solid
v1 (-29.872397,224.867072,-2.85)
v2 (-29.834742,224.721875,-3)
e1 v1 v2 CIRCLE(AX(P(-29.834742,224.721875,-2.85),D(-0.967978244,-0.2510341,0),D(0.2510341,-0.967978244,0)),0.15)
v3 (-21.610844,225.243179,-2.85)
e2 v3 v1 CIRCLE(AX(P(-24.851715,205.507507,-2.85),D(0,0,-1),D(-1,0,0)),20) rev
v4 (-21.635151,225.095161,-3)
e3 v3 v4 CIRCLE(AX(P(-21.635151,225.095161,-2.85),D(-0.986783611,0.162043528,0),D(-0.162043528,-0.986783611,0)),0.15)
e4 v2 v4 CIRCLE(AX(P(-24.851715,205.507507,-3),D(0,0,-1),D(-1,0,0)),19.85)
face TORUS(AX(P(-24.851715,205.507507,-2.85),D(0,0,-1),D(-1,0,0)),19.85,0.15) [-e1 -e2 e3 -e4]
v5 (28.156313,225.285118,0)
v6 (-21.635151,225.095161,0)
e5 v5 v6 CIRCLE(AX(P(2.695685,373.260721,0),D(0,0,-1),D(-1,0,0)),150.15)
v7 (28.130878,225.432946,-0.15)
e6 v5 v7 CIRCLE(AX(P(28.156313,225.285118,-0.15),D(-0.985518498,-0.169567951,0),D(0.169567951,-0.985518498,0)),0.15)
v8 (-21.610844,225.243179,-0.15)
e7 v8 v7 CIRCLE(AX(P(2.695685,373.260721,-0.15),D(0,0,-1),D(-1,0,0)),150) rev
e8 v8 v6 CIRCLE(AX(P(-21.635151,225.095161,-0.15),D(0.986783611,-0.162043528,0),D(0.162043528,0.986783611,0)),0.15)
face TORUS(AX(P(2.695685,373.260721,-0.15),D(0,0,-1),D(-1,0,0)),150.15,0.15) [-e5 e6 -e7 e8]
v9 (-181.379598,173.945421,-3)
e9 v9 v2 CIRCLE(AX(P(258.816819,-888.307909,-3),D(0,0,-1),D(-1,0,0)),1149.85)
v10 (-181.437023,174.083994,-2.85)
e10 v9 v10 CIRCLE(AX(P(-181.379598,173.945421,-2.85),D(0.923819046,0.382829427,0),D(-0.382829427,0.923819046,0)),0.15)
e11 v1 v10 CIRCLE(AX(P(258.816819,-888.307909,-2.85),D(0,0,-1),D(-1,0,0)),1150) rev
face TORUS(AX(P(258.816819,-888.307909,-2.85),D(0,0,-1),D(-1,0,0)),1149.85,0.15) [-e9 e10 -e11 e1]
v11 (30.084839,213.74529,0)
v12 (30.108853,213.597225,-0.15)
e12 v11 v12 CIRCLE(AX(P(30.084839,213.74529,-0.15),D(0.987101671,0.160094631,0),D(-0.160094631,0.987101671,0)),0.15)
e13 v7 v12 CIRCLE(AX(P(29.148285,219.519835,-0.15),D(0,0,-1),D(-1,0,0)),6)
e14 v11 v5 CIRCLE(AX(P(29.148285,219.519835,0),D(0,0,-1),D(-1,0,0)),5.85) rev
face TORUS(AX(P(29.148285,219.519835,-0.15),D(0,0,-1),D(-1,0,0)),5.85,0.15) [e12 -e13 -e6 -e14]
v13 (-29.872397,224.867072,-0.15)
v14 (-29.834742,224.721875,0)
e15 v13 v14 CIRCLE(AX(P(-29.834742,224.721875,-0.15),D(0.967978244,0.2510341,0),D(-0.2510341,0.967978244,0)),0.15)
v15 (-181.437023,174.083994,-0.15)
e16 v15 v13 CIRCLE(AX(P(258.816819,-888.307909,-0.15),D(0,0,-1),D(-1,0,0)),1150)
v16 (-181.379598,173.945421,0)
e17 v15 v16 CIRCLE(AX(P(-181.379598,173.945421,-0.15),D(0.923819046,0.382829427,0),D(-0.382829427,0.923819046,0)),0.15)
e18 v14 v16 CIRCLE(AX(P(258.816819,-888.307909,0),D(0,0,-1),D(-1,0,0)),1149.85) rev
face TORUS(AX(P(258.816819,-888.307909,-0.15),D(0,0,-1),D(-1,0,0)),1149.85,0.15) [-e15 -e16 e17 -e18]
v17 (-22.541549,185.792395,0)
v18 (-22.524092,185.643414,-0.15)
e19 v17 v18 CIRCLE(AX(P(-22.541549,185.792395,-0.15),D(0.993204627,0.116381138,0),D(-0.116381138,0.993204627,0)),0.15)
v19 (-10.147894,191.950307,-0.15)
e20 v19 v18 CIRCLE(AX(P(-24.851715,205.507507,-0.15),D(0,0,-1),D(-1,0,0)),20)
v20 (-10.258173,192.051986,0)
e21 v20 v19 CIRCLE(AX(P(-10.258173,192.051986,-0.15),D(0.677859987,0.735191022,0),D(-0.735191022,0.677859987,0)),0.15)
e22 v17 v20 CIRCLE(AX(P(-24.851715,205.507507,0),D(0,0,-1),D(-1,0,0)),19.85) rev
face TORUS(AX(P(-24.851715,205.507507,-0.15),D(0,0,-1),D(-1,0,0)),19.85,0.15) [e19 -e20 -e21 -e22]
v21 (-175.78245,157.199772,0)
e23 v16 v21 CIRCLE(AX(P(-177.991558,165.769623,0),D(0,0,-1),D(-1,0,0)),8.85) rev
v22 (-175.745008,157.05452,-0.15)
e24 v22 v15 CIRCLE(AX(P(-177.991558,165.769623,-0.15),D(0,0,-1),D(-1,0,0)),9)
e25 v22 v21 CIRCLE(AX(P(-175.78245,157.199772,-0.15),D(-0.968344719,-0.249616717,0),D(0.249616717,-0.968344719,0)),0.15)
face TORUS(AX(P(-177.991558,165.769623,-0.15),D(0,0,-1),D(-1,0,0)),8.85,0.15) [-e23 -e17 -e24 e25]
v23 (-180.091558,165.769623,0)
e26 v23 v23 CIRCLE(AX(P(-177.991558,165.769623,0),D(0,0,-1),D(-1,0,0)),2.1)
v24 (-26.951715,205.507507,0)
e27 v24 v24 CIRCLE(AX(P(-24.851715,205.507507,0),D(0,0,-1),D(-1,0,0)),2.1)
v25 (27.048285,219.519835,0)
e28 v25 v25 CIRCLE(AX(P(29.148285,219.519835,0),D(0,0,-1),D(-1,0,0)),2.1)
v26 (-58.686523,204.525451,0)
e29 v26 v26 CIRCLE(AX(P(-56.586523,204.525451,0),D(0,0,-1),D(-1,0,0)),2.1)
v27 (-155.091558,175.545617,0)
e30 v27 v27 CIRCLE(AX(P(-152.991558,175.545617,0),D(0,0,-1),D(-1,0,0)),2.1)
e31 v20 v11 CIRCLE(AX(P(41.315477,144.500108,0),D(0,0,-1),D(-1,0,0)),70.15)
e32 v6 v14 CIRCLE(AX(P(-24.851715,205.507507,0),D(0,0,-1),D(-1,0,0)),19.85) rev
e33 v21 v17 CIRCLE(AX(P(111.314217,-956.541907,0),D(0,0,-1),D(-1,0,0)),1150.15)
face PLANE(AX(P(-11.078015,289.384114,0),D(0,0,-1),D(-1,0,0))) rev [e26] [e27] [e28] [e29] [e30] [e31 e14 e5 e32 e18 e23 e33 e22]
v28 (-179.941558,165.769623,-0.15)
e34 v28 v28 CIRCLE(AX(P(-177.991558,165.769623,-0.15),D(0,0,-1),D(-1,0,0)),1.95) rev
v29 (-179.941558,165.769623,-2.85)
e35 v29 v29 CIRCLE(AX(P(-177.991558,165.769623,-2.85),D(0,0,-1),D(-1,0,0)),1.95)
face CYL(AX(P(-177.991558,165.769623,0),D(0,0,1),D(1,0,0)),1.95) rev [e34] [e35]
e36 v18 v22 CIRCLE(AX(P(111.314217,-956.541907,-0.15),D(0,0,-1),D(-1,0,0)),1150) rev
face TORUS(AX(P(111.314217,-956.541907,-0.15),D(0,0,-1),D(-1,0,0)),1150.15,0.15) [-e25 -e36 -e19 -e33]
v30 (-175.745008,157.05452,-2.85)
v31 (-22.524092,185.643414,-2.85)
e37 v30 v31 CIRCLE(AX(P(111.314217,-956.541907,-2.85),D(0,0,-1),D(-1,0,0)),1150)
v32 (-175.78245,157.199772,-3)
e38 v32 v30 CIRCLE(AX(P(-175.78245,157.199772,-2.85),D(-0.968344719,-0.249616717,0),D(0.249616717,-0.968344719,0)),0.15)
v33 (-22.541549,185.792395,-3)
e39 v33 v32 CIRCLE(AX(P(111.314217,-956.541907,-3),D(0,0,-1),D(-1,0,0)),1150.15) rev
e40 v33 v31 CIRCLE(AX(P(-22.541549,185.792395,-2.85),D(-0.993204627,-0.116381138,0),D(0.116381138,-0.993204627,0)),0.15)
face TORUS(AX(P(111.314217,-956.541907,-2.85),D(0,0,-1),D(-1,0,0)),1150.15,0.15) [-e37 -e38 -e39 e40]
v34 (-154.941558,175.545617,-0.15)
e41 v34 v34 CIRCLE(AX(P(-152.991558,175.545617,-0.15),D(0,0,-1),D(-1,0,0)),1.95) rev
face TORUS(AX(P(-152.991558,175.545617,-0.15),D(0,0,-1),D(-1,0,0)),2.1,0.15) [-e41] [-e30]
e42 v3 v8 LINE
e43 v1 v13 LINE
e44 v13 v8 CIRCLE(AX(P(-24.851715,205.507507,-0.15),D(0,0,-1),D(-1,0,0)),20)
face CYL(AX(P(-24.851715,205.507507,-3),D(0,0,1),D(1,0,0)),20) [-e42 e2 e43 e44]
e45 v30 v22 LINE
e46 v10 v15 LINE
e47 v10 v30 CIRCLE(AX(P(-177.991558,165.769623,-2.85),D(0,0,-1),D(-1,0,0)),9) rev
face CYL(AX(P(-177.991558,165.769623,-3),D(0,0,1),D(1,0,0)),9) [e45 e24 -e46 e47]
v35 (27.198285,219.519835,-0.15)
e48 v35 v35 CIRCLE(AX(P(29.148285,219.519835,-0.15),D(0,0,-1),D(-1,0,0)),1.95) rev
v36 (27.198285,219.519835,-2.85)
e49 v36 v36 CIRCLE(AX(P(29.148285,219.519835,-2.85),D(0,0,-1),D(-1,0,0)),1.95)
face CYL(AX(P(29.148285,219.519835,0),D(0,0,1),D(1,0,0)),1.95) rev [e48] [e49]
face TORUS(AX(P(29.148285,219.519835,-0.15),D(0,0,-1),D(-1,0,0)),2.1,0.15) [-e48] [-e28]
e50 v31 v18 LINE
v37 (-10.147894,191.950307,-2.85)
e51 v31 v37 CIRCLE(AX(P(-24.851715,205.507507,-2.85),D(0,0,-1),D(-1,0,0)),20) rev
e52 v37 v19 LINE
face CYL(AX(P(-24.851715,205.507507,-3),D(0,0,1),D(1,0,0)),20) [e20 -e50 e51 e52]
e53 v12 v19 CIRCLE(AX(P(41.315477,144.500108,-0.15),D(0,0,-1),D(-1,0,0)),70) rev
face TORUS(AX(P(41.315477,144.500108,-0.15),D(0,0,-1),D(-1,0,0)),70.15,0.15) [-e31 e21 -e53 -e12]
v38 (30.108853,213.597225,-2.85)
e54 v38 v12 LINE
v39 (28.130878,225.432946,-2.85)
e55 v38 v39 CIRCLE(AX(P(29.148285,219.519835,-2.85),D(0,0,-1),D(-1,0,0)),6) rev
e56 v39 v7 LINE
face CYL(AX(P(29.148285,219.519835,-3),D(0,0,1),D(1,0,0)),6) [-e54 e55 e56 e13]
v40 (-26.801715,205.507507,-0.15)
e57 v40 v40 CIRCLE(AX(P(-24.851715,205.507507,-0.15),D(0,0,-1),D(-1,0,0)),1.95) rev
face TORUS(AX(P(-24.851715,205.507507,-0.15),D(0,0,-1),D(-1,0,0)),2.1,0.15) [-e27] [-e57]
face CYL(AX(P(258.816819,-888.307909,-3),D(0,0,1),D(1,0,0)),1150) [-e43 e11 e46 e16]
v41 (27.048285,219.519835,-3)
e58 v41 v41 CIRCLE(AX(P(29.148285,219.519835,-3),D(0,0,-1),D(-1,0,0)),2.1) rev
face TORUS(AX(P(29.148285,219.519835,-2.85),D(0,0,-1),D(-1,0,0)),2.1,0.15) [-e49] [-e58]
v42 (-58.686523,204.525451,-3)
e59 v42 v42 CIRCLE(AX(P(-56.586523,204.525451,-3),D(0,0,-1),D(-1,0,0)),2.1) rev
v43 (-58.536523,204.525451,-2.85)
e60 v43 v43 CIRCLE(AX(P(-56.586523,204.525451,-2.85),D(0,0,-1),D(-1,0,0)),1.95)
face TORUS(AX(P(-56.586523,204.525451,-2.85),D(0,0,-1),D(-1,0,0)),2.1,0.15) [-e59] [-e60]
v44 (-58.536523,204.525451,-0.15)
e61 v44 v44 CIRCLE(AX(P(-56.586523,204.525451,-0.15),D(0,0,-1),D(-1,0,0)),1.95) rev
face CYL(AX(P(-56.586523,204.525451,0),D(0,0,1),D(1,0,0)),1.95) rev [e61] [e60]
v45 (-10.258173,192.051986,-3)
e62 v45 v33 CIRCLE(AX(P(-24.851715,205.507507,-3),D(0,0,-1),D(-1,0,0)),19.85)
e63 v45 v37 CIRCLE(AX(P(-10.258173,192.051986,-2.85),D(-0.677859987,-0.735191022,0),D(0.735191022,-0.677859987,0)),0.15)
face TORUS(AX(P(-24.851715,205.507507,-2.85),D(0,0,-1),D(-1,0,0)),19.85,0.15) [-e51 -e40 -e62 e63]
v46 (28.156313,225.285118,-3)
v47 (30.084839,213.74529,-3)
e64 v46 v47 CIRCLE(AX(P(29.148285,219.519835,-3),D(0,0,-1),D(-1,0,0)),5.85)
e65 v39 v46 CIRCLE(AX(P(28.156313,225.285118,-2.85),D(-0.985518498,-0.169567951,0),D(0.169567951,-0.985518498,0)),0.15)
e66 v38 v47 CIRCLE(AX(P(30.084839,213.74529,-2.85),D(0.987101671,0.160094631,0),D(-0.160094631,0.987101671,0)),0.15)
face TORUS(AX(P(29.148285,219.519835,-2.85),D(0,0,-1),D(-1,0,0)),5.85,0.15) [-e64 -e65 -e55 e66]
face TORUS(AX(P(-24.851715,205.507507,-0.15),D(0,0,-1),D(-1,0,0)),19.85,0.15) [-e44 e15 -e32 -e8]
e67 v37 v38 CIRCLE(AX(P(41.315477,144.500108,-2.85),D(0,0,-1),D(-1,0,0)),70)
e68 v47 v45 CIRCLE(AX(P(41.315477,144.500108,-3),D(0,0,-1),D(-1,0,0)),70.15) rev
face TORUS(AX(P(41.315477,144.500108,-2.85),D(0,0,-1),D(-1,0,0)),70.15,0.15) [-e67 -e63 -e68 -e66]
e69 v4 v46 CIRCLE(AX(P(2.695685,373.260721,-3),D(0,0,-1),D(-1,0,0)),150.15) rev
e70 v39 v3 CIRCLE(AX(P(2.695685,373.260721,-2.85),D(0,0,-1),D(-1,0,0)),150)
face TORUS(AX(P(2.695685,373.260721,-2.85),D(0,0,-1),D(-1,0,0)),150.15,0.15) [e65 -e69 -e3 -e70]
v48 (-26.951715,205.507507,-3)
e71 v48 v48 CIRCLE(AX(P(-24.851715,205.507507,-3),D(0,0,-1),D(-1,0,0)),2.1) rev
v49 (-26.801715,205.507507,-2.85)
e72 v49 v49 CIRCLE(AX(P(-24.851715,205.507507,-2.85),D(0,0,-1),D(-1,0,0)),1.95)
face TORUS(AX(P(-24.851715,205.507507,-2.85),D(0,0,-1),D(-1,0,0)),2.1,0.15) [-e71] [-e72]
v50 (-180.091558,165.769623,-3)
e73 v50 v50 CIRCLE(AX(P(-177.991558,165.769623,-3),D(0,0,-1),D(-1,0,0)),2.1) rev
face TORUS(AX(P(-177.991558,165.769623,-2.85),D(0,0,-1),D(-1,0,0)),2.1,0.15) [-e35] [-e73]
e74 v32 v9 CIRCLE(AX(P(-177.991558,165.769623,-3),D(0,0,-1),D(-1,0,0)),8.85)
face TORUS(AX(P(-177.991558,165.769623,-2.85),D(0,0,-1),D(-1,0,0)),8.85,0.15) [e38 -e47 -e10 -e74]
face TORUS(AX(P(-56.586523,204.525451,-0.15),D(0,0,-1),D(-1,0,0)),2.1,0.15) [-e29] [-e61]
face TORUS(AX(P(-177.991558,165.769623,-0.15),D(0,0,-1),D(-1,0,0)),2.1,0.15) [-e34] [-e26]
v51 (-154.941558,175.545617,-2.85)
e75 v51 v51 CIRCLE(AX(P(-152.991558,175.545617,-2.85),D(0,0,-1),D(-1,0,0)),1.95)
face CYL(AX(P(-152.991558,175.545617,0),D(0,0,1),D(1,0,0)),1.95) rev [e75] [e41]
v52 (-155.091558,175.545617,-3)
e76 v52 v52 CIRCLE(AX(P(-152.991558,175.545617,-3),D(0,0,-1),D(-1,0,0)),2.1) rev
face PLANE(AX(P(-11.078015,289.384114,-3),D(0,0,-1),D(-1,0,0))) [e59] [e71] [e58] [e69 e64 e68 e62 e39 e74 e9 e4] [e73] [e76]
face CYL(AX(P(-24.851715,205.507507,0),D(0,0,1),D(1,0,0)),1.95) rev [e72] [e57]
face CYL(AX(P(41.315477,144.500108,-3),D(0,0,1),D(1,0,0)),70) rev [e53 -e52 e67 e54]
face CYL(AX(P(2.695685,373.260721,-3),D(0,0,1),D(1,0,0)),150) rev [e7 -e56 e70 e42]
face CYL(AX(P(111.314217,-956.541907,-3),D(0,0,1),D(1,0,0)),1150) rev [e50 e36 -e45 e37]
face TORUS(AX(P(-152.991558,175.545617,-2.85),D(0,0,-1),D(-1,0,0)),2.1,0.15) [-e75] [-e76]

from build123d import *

# Parameters (mm, degrees)
BOSS_EXTRUDE1_DEPTH    = 3
M3_5_CLEARANCE_HOLE1_D = 3.9
FILLET1_R              = 0.15


with BuildPart() as part:
    # Sketch2 → Boss-Extrude1 (new body)
    with BuildSketch(Plane.XY):
        with BuildLine():
            ThreePointArc((-29.872396704, 224.867071511), (-106.538111888, 202.112090376), (-181.437022828, 174.083993915))
            ThreePointArc((-181.437022828, 174.083993915), (-186.527370428, 162.916570473), (-175.74500753, 157.054520032))
            ThreePointArc((-175.74500753, 157.054520032), (-99.619456546, 173.94780372), (-22.524091937, 185.643414098))
            ThreePointArc((-22.524091937, 185.643414098), (-15.770870107, 187.687903342), (-10.147894267, 191.950306897))
            ThreePointArc((-10.147894267, 191.950306897), (8.163865625, 206.152120332), (30.108853086, 213.597224798))
            ThreePointArc((30.108853086, 213.597224798), (35.06621405, 220.508833974), (28.130877596, 225.432945813))
            ThreePointArc((28.130877596, 225.432945813), (3.267937714, 223.261812107), (-21.610844149, 225.243178857))
            ThreePointArc((-21.610844149, 225.243178857), (-25.761273046, 225.486813519), (-29.872396704, 224.867071511))
        make_face()
    extrude(amount=-BOSS_EXTRUDE1_DEPTH)

    # M3.5 Clearance Hole1 (through all)
    with Locations(Plane.XY):
        with Locations((-177.991557982, 165.769622502), (-152.991557982, 175.545617405), (-56.586523143, 204.525451112), (-24.851714699, 205.507506634), (29.148285301, 219.519834824)):
            Hole(M3_5_CLEARANCE_HOLE1_D / 2)

    # Fillet1
    fillet1_edges = [part.edges().sort_by_distance(p)[0] for p in [
        (-99.619456546, 173.94780372, 0),
        (-186.527370428, 162.916570473, 0),
        (-106.538111888, 202.112090376, 0),
        (-25.761273046, 225.486813519, 0),
        (-186.527370428, 162.916570473, -3),
        (-99.619456546, 173.94780372, -3),
        (-15.770870107, 187.687903342, -3),
        (8.163865625, 206.152120332, -3),
        (35.06621405, 220.508833974, -3),
        (31.098285301, 219.519834824, 0),
        (31.098285301, 219.519834824, -3),
        (3.267937714, 223.261812107, -3),
        (-22.901714699, 205.507506634, 0),
        (-22.901714699, 205.507506634, -3),
        (-54.636523143, 204.525451112, 0),
        (-54.636523143, 204.525451112, -3),
        (-151.041557982, 175.545617405, 0),
        (-151.041557982, 175.545617405, -3),
        (-25.761273046, 225.486813519, -3),
        (-176.041557982, 165.769622502, 0),
        (-176.041557982, 165.769622502, -3),
        (3.267937714, 223.261812107, 0),
        (-106.538111888, 202.112090376, -3),
        (35.06621405, 220.508833974, 0),
        (8.163865625, 206.152120332, 0),
        (-15.770870107, 187.687903342, 0),
    ]]
    fillet(fillet1_edges, radius=FILLET1_R)


solid = part.part
